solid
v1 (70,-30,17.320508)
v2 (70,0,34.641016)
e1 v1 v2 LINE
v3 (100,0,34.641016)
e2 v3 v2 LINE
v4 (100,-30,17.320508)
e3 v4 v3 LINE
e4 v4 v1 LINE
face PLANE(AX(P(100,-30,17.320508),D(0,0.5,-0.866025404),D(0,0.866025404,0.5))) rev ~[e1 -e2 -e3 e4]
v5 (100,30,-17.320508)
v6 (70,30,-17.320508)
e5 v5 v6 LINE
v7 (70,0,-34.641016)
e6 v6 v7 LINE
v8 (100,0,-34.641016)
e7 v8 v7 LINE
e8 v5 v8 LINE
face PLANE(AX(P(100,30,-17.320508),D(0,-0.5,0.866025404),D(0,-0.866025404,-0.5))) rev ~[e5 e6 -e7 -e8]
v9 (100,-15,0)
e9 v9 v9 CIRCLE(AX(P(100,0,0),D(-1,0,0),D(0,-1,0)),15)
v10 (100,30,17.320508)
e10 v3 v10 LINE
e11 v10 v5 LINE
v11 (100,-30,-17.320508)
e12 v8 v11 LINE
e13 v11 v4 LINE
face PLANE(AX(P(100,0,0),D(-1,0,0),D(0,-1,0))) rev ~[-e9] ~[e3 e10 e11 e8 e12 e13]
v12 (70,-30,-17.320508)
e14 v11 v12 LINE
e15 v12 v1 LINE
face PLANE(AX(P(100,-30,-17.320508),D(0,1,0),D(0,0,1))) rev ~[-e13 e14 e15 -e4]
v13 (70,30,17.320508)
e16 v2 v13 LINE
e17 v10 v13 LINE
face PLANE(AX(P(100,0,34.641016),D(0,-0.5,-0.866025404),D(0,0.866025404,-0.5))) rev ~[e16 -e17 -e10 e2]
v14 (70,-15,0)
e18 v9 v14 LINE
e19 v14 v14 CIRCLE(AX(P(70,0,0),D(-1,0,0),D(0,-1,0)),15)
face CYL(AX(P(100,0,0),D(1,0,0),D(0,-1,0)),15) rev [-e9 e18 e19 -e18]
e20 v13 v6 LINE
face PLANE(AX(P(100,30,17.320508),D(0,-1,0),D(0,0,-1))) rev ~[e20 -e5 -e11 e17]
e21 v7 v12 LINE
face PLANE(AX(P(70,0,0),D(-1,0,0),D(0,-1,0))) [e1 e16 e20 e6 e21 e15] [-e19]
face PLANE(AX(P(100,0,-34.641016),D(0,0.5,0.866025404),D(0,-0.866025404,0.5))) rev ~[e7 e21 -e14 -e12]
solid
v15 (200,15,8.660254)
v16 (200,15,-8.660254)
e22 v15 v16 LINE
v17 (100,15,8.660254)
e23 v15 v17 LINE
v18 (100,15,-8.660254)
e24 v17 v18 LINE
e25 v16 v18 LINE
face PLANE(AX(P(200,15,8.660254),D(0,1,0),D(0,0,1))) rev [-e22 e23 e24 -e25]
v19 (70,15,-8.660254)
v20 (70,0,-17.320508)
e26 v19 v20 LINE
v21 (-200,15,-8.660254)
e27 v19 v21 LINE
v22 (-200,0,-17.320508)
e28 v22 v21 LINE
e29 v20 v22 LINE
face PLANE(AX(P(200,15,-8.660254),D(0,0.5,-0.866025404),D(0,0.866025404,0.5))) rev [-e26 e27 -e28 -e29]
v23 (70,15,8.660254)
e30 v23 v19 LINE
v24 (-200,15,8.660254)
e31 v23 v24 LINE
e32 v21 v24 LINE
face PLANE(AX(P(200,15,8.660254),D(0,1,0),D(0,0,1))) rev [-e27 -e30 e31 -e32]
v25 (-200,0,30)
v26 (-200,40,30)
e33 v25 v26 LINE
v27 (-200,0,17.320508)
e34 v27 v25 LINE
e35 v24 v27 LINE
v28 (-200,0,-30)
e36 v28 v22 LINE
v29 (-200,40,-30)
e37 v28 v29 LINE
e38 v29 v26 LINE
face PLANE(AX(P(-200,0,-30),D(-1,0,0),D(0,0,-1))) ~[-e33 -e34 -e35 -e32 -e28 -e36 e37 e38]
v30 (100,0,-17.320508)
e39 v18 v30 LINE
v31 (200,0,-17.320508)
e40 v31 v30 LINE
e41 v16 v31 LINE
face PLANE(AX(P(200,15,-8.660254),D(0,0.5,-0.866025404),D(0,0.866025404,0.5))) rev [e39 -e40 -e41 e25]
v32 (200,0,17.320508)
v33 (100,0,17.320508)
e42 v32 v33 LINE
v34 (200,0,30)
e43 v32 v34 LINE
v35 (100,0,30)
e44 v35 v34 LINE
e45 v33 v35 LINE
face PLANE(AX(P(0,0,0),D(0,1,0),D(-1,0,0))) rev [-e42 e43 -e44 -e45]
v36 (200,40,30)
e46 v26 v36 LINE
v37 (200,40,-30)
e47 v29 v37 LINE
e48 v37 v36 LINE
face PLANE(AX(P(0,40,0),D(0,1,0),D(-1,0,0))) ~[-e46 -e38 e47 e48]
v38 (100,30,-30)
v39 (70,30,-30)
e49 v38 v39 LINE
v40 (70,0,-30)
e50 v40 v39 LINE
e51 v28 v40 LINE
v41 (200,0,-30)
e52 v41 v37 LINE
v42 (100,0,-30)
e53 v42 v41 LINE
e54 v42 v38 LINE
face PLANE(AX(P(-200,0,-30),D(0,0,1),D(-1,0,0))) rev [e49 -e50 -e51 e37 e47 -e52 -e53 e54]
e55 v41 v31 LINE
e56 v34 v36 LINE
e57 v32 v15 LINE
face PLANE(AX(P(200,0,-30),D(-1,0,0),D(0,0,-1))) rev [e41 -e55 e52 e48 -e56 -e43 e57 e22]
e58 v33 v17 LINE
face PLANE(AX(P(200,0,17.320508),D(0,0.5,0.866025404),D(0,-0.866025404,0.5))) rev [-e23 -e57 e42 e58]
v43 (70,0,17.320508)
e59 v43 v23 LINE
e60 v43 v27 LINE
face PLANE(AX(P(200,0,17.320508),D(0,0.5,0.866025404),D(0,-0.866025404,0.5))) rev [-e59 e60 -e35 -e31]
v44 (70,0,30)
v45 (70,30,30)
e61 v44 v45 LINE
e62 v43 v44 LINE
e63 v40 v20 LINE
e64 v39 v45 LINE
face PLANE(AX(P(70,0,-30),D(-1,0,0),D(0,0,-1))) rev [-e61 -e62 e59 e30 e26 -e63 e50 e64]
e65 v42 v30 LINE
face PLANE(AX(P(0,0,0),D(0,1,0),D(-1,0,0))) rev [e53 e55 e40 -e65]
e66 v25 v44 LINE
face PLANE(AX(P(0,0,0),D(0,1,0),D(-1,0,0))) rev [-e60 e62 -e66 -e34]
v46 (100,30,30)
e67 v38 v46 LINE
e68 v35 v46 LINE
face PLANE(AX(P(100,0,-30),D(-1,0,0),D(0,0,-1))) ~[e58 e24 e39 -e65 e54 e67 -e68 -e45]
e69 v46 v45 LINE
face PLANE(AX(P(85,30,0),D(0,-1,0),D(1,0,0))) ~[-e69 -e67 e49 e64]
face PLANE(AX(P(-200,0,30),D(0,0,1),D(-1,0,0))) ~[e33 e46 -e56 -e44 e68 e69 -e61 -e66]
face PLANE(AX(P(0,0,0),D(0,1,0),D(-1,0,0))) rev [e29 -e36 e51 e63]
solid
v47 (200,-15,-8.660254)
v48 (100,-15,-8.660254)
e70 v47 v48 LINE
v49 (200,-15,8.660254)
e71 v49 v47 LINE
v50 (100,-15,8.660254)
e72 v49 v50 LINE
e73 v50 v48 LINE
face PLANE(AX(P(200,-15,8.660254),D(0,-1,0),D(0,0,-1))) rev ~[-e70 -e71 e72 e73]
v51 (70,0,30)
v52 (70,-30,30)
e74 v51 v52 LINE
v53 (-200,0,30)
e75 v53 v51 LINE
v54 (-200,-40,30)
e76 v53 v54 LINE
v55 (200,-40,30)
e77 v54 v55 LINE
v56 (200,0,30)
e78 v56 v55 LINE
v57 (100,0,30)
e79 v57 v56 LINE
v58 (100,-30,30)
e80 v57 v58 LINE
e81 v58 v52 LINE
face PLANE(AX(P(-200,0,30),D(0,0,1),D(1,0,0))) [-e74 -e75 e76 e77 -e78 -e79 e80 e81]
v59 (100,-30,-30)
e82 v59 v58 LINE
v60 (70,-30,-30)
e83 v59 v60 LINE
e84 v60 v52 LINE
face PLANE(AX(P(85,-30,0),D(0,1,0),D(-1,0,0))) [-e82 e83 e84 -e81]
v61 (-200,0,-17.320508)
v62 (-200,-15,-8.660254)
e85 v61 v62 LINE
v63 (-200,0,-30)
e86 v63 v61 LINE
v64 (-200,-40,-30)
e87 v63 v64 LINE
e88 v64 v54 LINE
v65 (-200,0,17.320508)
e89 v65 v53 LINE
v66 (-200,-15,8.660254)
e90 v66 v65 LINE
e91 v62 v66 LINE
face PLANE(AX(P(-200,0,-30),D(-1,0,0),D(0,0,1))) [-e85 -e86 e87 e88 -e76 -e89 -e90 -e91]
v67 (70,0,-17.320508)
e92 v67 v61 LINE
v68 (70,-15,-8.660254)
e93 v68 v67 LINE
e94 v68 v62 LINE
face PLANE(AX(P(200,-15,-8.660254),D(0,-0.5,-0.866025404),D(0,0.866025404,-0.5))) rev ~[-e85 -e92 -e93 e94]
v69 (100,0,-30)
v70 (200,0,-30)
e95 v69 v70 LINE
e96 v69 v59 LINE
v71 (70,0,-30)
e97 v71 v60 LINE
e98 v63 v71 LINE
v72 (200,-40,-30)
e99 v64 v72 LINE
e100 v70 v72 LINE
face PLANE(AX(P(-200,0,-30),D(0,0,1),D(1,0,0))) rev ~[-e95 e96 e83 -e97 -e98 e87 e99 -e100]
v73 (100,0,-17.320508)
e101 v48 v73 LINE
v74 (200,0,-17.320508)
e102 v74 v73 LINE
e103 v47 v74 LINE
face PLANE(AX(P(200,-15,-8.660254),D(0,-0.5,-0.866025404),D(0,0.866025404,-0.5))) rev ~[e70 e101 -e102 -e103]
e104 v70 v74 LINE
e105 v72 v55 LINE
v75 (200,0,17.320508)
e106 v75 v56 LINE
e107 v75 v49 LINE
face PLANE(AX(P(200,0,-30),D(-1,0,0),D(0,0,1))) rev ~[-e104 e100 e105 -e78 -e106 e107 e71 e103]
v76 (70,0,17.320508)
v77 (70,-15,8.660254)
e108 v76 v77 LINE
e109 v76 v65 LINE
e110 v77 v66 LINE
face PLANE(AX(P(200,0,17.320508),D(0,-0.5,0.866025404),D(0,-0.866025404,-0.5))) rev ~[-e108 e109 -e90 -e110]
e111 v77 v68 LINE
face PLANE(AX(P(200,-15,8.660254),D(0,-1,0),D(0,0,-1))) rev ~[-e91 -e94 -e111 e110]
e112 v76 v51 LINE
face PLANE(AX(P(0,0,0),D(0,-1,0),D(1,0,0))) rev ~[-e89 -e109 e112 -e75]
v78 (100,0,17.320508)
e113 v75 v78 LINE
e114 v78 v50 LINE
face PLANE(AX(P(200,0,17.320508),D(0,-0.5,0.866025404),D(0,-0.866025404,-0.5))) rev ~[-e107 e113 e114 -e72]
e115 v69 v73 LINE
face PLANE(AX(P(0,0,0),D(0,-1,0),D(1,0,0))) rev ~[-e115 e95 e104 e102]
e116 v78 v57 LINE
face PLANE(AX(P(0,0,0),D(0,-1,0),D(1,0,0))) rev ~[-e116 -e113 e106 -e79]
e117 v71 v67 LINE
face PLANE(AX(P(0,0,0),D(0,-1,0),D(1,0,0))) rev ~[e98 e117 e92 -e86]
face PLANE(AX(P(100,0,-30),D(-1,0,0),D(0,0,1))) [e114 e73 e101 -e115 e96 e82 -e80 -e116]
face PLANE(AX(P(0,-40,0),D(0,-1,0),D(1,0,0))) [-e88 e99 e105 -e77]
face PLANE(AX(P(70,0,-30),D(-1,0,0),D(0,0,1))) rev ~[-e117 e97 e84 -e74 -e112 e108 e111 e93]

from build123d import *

# Parameters (mm, degrees)
F1_W     = 400
F1_H     = 60
F2_DEPTH = 40
F4_DEPTH = 400.001
F5_W     = 30
F5_H     = 60
F6_DEPTH = 30
F7_R     = 15
F8_DEPTH = 30


with BuildPart() as f2:
    # F1 (on Front) → F2 (new body)
    with BuildSketch(Plane.XZ):
        Rectangle(F1_W, F1_H)
    extrude(amount=F2_DEPTH)

    # F3 (on face) → F4 (cut, through all)
    with BuildSketch(Plane.YZ.offset(200)):
        Polygon((0, 17.3205080757), (-15, 8.6602540378), (-15, -8.6602540378), (0, -17.3205080757), (15, -8.6602540378), (15, 8.6602540378), align=None)
    extrude(amount=-F4_DEPTH, mode=Mode.SUBTRACT)

    # F5 (on face) → F6 (cut)
    with BuildSketch(Plane(origin=(0, 0, 0), x_dir=(-1, 0, 0), z_dir=(0, 1, 0))):
        with Locations((-85, 0)):
            Rectangle(F5_W, F5_H)
    extrude(amount=-F6_DEPTH, mode=Mode.SUBTRACT)


with BuildPart() as f8:
    # F7 (on face) → F8 (new body, through all)
    with BuildSketch(Plane(origin=(100, 0, 0), x_dir=(0, -1, 0), z_dir=(-1, 0, 0))):
        Polygon((0, -34.6410161514), (30, -17.3205080757), (30, 17.3205080757), (0, 34.6410161514), (-30, 17.3205080757), (-30, -17.3205080757), align=None)
        Circle(F7_R, mode=Mode.SUBTRACT)
    extrude(amount=F8_DEPTH)


with BuildPart() as f9_1:
    # F9: instance of F2
    add(f2.part.mirror(Plane.XZ))


solid = Compound([f2.part, f8.part, f9_1.part])
